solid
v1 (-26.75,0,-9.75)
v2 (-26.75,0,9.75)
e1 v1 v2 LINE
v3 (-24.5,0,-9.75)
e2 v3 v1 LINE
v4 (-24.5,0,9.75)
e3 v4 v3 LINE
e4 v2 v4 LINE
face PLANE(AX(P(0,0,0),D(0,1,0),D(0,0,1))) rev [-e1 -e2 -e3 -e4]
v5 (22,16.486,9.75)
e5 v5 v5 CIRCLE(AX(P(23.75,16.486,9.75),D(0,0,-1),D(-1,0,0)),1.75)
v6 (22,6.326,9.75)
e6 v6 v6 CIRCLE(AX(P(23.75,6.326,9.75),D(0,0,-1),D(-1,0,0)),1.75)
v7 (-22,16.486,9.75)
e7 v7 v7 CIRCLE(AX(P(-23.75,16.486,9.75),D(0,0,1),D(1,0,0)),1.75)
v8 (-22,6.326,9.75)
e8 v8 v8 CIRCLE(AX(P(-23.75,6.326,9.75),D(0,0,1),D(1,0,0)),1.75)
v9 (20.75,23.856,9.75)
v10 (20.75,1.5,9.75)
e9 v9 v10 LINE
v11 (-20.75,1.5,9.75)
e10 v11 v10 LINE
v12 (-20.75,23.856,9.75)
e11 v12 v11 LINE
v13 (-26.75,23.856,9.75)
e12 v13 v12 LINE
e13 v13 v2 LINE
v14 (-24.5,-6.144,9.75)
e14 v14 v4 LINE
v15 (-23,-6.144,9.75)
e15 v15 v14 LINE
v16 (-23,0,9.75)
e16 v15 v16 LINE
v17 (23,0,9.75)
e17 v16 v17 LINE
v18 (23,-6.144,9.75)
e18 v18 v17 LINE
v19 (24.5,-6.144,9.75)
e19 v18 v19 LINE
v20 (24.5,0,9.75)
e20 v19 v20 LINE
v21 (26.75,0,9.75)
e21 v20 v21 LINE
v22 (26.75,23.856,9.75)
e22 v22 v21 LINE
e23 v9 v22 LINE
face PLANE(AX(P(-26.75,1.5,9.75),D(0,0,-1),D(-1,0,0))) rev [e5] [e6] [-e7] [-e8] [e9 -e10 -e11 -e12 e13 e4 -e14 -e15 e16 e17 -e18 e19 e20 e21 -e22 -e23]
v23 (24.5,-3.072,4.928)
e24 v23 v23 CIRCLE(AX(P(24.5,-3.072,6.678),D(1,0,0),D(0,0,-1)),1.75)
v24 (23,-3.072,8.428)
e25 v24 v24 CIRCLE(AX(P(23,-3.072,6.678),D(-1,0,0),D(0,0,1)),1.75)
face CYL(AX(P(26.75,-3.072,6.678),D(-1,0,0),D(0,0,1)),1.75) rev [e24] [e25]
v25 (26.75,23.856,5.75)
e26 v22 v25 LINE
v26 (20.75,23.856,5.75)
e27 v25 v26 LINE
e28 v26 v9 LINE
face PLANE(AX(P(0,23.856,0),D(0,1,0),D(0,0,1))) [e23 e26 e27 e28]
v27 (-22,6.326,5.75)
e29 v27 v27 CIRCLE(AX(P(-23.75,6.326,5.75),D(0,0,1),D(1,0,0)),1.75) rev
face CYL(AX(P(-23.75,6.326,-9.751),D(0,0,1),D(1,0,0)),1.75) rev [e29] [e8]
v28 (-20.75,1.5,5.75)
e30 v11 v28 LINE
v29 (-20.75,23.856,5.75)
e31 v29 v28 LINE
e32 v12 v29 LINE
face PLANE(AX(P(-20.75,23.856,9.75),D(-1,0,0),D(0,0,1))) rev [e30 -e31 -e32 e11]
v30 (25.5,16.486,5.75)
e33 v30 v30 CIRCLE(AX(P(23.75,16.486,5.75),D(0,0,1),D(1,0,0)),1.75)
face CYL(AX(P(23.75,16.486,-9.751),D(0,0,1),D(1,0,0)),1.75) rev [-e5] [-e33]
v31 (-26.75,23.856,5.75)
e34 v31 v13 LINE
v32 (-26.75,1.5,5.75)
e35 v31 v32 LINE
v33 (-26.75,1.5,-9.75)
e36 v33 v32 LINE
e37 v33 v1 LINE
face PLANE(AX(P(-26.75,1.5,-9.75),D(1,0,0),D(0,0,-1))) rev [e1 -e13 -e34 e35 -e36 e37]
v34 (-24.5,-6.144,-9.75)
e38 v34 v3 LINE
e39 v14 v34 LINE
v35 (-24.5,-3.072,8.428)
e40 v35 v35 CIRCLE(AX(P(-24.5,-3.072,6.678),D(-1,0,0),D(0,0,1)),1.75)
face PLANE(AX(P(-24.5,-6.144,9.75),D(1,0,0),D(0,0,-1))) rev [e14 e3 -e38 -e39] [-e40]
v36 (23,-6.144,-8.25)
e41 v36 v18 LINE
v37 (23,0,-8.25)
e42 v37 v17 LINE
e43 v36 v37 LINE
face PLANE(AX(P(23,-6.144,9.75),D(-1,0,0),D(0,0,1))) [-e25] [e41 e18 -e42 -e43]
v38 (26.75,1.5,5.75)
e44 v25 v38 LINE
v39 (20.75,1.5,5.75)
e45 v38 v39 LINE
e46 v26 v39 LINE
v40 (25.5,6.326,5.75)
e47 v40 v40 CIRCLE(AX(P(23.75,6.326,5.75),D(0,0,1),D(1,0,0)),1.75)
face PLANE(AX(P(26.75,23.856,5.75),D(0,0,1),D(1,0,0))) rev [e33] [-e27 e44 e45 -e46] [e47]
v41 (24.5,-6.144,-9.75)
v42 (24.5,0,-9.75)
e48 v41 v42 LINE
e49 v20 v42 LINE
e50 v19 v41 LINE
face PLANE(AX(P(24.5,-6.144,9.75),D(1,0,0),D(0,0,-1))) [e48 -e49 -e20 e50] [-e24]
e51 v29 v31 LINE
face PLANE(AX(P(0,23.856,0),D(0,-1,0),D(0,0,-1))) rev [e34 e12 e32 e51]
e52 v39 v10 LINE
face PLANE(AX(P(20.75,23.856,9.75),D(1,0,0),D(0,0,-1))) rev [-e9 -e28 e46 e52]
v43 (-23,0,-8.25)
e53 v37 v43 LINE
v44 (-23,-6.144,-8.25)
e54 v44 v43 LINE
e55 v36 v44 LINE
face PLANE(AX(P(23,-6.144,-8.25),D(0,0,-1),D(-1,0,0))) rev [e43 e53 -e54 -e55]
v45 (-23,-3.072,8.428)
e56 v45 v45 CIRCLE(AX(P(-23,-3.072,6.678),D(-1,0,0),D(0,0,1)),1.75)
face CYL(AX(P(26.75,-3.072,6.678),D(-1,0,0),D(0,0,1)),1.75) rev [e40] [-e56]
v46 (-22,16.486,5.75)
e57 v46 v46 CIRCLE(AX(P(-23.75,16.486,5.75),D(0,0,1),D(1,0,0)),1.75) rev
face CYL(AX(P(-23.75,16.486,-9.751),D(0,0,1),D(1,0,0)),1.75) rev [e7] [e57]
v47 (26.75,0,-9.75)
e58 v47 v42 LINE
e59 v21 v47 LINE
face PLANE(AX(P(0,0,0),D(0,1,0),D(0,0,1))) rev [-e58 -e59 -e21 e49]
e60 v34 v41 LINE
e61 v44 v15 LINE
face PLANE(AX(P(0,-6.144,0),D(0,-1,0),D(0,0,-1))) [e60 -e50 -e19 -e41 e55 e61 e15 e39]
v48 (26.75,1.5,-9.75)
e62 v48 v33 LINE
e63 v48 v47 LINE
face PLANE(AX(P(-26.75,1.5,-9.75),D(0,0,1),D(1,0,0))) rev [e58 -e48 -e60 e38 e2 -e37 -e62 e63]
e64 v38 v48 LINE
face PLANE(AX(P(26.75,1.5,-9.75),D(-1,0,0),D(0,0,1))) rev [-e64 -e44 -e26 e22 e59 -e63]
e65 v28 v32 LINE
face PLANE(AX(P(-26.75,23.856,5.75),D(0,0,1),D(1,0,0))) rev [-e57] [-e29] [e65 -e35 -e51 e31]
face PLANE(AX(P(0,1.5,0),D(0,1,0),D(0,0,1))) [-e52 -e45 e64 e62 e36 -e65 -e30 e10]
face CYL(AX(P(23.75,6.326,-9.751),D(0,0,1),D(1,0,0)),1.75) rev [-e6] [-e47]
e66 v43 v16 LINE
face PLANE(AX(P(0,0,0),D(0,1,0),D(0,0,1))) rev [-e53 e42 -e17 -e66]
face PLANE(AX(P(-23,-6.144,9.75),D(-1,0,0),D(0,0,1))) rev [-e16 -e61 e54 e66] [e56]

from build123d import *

# Parameters (mm, degrees)
ESQUISSE1_W             = 53.5
ESQUISSE1_H             = 19.5
BOSS_EXTRU_1_DEPTH      = 1.5
ESQUISSE2_W             = 6
ESQUISSE2_H             = 4
BOSS_EXTRU_2_DEPTH      = 22.356
ESQUISSE3_W             = 1.5
ESQUISSE3_H             = 19.5
BOSS_EXTRU_3_DEPTH      = 6.144
ESQUISSE4_W             = 46
ESQUISSE4_H             = 1.5
BOSS_EXTRU_4_DEPTH      = 6.144
ENL_V_MAT_EXTRU_1_REACH = 42.803
ESQUISSE5_R             = 1.75
ESQUISSE6_R             = 1.75
ENL_V_MAT_EXTRU_2_DEPTH = 58.364917293


with BuildPart() as part:
    # Esquisse1 → Boss.-Extru.1 (new body)
    with BuildSketch(Plane(origin=(0, 0, 0), x_dir=(1, 0, 0), z_dir=(0, 1, 0))):
        Rectangle(ESQUISSE1_W, ESQUISSE1_H)
    extrude(amount=BOSS_EXTRU_1_DEPTH)

    # Esquisse2 → Boss.-Extru.2 (add)
    with BuildSketch(Plane(origin=(0, 1.5, 0), x_dir=(1, 0, 0), z_dir=(0, 1, 0))):
        with Locations((-23.75, -7.75)):
            Rectangle(ESQUISSE2_W, ESQUISSE2_H)
        with Locations((23.75, -7.75)):
            Rectangle(ESQUISSE2_W, ESQUISSE2_H)
    extrude(amount=BOSS_EXTRU_2_DEPTH)

    # Esquisse3 → Boss.-Extru.3 (add)
    with BuildSketch(Plane.XZ):
        with Locations((-23.75, 0)):
            Rectangle(ESQUISSE3_W, ESQUISSE3_H)
    boss_extru_3 = extrude(amount=BOSS_EXTRU_3_DEPTH)

    # Symétrie1: Boss.-Extru.3 across plane
    add(boss_extru_3.mirror(Plane(origin=(0, 0, 0), x_dir=(0, 0, 1), z_dir=(1, 0, 0))))

    # Esquisse4 → Boss.-Extru.4 (add)
    with BuildSketch(Plane(origin=(0, 0, 0), x_dir=(-1, 0, 0), z_dir=(0, -1, 0))):
        with Locations((0, 9)):
            Rectangle(ESQUISSE4_W, ESQUISSE4_H)
    extrude(amount=BOSS_EXTRU_4_DEPTH)

    # Esquisse5 → Enlèv. mat.-Extru.1 (cut, up to next)
    with BuildSketch(Plane.XY.offset(9.75), mode=Mode.PRIVATE) as enl_v_mat_extru_1_sk1:
        with Locations((-23.75, 6.326)):
            Circle(ESQUISSE5_R)
    enl_v_mat_extru_1_tool1 = extrude(enl_v_mat_extru_1_sk1.sketch, amount=-ENL_V_MAT_EXTRU_1_REACH, mode=Mode.PRIVATE) & part.part
    # Esquisse5 → Enlèv. mat.-Extru.1 (cut, up to next)
    with BuildSketch(Plane.XY.offset(9.75), mode=Mode.PRIVATE) as enl_v_mat_extru_1_sk2:
        with Locations((-23.75, 16.486)):
            Circle(ESQUISSE5_R)
    enl_v_mat_extru_1_tool2 = extrude(enl_v_mat_extru_1_sk2.sketch, amount=-ENL_V_MAT_EXTRU_1_REACH, mode=Mode.PRIVATE) & part.part
    enl_v_mat_extru_1_1 = enl_v_mat_extru_1_tool1.solids().sort_by_distance((-23.75, 6.326, 9.75))[0]
    add(enl_v_mat_extru_1_1, mode=Mode.SUBTRACT)
    enl_v_mat_extru_1_2 = enl_v_mat_extru_1_tool2.solids().sort_by_distance((-23.75, 16.486, 9.75))[0]
    add(enl_v_mat_extru_1_2, mode=Mode.SUBTRACT)
    enl_v_mat_extru_1 = enl_v_mat_extru_1_1 + enl_v_mat_extru_1_2  # Enlèv. mat.-Extru.1 as one shape, for the pattern or mirror that repeats it

    # Symétrie2: Enlèv. mat.-Extru.1 across plane
    add(enl_v_mat_extru_1.mirror(Plane(origin=(0, 0, 0), x_dir=(0, 0, 1), z_dir=(1, 0, 0))), mode=Mode.SUBTRACT)

    # Esquisse6 → Enlèv. mat.-Extru.2 (cut, through all)
    with BuildSketch(Plane.ZY.offset(24.5)):
        with Locations((6.678, -3.072)):
            Circle(ESQUISSE6_R)
    extrude(amount=-ENL_V_MAT_EXTRU_2_DEPTH, mode=Mode.SUBTRACT)


solid = part.part
